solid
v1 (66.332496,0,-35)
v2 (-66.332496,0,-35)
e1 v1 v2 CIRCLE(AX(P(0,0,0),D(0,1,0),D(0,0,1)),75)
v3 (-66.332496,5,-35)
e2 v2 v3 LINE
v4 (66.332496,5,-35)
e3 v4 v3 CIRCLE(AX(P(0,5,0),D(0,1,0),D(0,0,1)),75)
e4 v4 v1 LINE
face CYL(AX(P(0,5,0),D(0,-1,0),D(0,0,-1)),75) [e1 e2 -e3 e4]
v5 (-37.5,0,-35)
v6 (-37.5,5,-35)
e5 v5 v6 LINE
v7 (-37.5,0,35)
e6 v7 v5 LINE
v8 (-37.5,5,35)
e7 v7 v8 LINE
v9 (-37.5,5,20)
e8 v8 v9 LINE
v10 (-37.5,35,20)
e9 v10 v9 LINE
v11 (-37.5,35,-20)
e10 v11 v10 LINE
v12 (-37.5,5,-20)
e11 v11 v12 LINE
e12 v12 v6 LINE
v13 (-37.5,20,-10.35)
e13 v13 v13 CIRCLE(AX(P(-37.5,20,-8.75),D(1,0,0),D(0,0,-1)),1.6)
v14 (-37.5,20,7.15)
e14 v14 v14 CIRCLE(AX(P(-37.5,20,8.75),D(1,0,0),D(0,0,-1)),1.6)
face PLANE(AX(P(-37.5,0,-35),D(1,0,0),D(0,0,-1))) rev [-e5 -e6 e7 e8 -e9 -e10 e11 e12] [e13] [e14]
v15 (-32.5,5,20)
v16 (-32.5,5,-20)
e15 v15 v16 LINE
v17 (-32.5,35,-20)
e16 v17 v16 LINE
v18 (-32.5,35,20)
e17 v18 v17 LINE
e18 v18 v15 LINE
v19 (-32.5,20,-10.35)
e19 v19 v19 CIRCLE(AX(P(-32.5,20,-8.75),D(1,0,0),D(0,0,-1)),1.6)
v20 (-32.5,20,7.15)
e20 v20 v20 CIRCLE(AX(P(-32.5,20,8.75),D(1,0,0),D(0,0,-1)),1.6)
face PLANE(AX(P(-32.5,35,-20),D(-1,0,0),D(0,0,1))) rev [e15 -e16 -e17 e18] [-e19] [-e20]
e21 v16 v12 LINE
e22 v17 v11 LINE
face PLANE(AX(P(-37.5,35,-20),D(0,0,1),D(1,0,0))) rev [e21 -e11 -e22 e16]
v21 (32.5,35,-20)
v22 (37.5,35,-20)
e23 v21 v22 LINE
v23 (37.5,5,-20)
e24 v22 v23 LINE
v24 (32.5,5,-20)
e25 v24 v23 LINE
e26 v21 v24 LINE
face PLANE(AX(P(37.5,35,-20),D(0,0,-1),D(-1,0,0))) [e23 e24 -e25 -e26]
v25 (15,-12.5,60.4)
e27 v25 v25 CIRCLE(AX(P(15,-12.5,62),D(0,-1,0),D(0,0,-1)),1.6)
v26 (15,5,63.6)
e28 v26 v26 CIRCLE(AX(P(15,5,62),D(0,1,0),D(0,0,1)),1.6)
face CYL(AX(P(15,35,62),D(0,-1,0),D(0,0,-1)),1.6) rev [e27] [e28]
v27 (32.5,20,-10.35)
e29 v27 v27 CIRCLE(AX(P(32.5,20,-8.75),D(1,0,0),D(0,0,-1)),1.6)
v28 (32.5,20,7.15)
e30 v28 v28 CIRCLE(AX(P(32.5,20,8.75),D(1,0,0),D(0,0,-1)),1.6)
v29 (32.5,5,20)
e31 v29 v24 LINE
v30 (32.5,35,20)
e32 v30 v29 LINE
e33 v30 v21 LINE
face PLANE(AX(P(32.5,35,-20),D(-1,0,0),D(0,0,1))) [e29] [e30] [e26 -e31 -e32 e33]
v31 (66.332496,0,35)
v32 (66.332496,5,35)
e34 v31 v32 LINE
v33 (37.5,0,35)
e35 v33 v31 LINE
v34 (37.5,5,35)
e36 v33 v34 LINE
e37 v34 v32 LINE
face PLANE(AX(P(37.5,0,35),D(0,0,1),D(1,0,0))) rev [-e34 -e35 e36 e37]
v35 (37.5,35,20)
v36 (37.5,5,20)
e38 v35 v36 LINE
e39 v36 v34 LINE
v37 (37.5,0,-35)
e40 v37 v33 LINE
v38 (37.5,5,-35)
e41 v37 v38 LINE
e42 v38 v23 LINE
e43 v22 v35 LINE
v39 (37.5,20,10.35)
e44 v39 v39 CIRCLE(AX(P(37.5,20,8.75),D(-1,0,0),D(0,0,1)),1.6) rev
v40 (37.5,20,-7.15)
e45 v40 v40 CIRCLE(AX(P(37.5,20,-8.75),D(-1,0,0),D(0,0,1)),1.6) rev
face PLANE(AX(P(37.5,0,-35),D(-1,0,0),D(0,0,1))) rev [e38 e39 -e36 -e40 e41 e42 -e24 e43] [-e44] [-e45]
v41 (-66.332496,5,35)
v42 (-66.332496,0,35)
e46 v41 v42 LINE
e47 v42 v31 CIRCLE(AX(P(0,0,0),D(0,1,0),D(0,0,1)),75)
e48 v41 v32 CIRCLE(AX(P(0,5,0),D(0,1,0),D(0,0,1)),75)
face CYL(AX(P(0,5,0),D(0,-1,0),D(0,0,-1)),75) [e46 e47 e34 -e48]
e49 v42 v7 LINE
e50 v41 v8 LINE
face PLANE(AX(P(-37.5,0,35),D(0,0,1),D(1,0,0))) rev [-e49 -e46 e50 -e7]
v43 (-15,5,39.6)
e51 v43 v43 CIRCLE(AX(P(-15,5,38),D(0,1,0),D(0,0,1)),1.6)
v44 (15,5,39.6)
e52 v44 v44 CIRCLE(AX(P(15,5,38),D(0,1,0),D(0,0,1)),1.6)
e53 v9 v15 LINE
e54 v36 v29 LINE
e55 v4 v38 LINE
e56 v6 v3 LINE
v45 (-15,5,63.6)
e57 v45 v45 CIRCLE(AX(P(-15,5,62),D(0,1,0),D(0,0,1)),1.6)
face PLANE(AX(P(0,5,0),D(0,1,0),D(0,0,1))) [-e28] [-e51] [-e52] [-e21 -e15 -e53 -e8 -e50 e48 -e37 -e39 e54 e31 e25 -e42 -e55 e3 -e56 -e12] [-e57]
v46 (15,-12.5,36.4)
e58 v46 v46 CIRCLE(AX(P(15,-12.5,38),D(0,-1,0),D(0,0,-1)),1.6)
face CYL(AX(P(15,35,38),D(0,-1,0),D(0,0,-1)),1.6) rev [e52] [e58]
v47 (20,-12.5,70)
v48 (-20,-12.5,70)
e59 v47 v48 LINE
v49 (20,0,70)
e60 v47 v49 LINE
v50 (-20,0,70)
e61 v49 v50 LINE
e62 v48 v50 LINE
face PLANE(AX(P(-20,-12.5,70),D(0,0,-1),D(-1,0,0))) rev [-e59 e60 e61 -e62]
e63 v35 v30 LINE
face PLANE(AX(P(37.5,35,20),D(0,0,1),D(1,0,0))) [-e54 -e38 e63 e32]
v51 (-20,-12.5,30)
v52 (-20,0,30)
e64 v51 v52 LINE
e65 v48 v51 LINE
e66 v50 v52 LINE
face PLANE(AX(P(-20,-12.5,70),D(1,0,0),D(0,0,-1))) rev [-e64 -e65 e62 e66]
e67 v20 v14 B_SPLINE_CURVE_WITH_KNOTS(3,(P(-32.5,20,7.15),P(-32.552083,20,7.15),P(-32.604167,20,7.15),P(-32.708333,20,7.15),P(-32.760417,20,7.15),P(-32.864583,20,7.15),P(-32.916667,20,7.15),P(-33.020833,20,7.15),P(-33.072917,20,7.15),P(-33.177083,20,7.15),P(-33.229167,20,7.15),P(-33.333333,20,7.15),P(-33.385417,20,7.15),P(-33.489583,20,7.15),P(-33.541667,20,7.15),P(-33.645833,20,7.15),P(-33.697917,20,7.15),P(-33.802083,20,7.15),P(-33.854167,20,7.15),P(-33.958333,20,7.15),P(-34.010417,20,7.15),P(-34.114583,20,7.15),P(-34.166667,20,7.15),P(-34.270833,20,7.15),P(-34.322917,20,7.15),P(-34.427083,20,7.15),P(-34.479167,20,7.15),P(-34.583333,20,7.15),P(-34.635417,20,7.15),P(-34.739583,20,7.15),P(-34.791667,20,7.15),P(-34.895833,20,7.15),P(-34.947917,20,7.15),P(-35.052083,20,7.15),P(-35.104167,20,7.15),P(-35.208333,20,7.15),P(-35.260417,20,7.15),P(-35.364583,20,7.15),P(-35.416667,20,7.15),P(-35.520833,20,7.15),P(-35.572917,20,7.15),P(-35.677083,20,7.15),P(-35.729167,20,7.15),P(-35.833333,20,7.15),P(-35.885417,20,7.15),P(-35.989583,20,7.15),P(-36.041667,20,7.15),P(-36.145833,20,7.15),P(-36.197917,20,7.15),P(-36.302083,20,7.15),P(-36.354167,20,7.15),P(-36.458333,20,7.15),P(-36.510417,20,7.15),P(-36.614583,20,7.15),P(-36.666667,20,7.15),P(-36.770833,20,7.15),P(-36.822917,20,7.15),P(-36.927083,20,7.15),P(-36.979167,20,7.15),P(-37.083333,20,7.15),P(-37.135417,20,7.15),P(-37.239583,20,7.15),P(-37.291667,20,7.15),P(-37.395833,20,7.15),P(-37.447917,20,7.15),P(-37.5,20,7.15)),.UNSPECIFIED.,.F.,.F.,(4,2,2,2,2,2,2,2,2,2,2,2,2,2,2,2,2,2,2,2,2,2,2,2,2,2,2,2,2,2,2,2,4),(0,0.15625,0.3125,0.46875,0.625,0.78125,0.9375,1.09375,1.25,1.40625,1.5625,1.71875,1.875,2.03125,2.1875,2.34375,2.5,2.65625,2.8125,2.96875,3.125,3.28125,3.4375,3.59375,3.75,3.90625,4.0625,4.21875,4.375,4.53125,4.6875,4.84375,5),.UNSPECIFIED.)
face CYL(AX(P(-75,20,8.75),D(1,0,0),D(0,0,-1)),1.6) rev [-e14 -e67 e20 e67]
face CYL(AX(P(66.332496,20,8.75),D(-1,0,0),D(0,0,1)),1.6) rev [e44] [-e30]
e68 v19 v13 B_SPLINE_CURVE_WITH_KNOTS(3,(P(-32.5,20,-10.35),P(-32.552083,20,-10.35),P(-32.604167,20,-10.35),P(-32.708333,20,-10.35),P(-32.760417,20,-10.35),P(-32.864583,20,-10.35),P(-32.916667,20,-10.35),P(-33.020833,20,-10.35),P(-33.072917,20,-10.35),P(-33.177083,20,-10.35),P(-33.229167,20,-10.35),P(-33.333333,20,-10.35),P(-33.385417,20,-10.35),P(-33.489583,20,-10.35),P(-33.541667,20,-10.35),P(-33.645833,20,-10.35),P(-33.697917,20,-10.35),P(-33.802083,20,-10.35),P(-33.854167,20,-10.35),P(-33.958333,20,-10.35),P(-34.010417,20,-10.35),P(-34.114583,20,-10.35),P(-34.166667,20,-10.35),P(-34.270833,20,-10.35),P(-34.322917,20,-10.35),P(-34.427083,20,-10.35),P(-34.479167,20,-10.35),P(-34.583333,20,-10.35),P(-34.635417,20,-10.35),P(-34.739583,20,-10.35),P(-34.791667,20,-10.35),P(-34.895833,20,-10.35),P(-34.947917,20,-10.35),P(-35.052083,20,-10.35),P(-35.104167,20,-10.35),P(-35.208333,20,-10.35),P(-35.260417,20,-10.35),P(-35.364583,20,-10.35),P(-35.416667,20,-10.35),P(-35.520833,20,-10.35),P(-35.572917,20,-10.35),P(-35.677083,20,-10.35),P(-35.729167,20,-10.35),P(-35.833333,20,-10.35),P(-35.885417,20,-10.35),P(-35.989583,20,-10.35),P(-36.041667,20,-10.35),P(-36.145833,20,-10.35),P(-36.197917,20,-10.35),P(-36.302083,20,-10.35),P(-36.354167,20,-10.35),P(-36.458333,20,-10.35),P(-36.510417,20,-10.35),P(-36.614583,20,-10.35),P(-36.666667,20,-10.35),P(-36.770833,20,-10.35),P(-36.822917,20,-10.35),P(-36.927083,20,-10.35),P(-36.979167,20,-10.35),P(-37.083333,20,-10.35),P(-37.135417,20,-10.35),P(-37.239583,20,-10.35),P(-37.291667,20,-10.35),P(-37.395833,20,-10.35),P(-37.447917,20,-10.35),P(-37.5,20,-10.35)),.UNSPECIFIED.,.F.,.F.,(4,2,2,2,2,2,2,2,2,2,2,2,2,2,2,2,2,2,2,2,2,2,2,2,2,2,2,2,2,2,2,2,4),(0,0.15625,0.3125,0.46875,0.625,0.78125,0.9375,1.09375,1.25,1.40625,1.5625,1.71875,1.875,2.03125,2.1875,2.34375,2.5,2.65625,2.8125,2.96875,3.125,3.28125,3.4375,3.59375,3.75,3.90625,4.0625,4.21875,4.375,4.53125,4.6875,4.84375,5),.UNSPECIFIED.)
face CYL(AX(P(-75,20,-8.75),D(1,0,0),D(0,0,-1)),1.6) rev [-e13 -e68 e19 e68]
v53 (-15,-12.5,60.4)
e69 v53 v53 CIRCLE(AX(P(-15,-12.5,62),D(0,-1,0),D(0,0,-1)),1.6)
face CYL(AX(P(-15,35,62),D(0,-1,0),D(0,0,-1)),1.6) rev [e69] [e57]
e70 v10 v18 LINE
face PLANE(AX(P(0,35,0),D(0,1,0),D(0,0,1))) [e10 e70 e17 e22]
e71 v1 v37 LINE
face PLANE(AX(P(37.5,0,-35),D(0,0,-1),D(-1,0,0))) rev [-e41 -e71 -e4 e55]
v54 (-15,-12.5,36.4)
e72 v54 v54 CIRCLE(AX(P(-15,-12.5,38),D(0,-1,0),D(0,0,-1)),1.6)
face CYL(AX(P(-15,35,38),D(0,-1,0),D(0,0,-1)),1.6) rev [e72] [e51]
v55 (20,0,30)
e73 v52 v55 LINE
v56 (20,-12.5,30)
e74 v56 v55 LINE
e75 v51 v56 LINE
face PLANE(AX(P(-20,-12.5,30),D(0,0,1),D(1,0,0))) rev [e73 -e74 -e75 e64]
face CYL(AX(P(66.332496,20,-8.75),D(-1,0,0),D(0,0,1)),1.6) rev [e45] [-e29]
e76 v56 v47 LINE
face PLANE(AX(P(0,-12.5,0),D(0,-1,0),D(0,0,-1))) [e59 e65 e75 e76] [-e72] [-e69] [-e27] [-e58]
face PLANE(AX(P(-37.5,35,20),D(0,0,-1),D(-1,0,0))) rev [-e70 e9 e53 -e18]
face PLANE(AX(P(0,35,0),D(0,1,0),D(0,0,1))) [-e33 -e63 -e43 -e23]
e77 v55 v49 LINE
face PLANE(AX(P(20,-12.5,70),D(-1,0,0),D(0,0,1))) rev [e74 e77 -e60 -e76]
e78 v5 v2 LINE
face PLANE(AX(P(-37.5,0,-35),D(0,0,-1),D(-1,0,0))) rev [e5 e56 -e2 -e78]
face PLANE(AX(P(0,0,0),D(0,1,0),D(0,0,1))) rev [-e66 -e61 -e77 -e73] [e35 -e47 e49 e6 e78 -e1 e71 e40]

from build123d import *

# Parameters (mm, degrees)
SKETCH1_R           = 75
BOSS_EXTRUDE2_DEPTH = 5
SKETCH5_W           = 35
SKETCH5_H           = 70
CUT_EXTRUDE1_DEPTH  = 107.183802908
SKETCH6_W           = 5
SKETCH6_H           = 40
BOSS_EXTRUDE3_DEPTH = 30
SKETCH7_R           = 1.6
CUT_EXTRUDE2_DEPTH  = 136.669635512
SKETCH8_W           = 40
SKETCH8_H           = 40
BOSS_EXTRUDE5_DEPTH = 12.5
SKETCH9_R           = 1.6
CUT_EXTRUDE3_DEPTH  = 111.820801297


with BuildPart() as part:
    # Sketch1 → Boss-Extrude2 (new body)
    with BuildSketch(Plane(origin=(0, 0, 0), x_dir=(1, 0, 0), z_dir=(0, 1, 0))):
        with Locations(Location((0, 0, 0), (0, 0, 270))):
            Circle(SKETCH1_R)
    extrude(amount=BOSS_EXTRUDE2_DEPTH)

    # Sketch5 → Cut-Extrude1 (cut, through all)
    with BuildSketch(Plane(origin=(0, 5, 0), x_dir=(1, 0, 0), z_dir=(0, 1, 0))):
        with Locations((55, 0)):
            Rectangle(SKETCH5_W, SKETCH5_H)
        with Locations((-55, 0)):
            Rectangle(SKETCH5_W, SKETCH5_H)
    extrude(amount=-CUT_EXTRUDE1_DEPTH, mode=Mode.SUBTRACT)


with BuildPart() as cut_extrude1_piece_1:
    # of the separate pieces the step leaves, piece 1, a body of its own (cut_extrude1_pieces)
    add(part.part.solids().sort_by_distance((-66.332495807, 0, 35))[0])

    # Sketch6 → Boss-Extrude3 (add)
    with BuildSketch(Plane(origin=(0, 5, 0), x_dir=(1, 0, 0), z_dir=(0, 1, 0))):
        with Locations((-35, 0)):
            Rectangle(SKETCH6_W, SKETCH6_H)
    boss_extrude3 = extrude(amount=BOSS_EXTRUDE3_DEPTH)

    # Sketch7 → Cut-Extrude2 (cut, through all)
    with BuildSketch(Plane(origin=(-32.5, 0, 0), x_dir=(0, 0, -1), z_dir=(1, 0, 0))):
        with Locations((-8.75, 20)):
            Circle(SKETCH7_R)
        with Locations((8.75, 20)):
            Circle(SKETCH7_R)
    cut_extrude2 = extrude(amount=-CUT_EXTRUDE2_DEPTH, mode=Mode.SUBTRACT)

    # Mirror1: Boss-Extrude3, Cut-Extrude2 across plane
    add(boss_extrude3.mirror(Plane(origin=(0, 0, 0), x_dir=(0, 0, 1), z_dir=(1, 0, 0))))
    add(cut_extrude2.mirror(Plane(origin=(0, 0, 0), x_dir=(0, 0, 1), z_dir=(1, 0, 0))), mode=Mode.SUBTRACT)

    # Sketch8 → Boss-Extrude5 (add)
    with BuildSketch(Plane.XZ):
        with Locations((0, 50)):
            Rectangle(SKETCH8_W, SKETCH8_H)
    extrude(amount=BOSS_EXTRUDE5_DEPTH)

    # Sketch9 → Cut-Extrude3 (cut, through all)
    with BuildSketch(Plane.XZ.offset(12.5)):
        with Locations(Location((-15, 62, 0), (0, 0, 270))):
            Circle(SKETCH9_R)
        with Locations(Location((15, 62, 0), (0, 0, 270))):
            Circle(SKETCH9_R)
        with Locations(Location((-15, 38, 0), (0, 0, 270))):
            Circle(SKETCH9_R)
        with Locations(Location((15, 38, 0), (0, 0, 270))):
            Circle(SKETCH9_R)
    extrude(amount=-CUT_EXTRUDE3_DEPTH, mode=Mode.SUBTRACT)


with BuildPart() as cut_extrude1_piece_2:
    # of the separate pieces the step leaves, piece 2, a body of its own (cut_extrude1_pieces)
    add(part.part.solids().sort_by_distance((-72.5, 0, -19.20286437))[0])


with BuildPart() as cut_extrude1_piece_3:
    # of the separate pieces the step leaves, piece 3, a body of its own (cut_extrude1_pieces)
    add(part.part.solids().sort_by_distance((72.5, 0, 19.20286437))[0])


solid = cut_extrude1_piece_1.part
